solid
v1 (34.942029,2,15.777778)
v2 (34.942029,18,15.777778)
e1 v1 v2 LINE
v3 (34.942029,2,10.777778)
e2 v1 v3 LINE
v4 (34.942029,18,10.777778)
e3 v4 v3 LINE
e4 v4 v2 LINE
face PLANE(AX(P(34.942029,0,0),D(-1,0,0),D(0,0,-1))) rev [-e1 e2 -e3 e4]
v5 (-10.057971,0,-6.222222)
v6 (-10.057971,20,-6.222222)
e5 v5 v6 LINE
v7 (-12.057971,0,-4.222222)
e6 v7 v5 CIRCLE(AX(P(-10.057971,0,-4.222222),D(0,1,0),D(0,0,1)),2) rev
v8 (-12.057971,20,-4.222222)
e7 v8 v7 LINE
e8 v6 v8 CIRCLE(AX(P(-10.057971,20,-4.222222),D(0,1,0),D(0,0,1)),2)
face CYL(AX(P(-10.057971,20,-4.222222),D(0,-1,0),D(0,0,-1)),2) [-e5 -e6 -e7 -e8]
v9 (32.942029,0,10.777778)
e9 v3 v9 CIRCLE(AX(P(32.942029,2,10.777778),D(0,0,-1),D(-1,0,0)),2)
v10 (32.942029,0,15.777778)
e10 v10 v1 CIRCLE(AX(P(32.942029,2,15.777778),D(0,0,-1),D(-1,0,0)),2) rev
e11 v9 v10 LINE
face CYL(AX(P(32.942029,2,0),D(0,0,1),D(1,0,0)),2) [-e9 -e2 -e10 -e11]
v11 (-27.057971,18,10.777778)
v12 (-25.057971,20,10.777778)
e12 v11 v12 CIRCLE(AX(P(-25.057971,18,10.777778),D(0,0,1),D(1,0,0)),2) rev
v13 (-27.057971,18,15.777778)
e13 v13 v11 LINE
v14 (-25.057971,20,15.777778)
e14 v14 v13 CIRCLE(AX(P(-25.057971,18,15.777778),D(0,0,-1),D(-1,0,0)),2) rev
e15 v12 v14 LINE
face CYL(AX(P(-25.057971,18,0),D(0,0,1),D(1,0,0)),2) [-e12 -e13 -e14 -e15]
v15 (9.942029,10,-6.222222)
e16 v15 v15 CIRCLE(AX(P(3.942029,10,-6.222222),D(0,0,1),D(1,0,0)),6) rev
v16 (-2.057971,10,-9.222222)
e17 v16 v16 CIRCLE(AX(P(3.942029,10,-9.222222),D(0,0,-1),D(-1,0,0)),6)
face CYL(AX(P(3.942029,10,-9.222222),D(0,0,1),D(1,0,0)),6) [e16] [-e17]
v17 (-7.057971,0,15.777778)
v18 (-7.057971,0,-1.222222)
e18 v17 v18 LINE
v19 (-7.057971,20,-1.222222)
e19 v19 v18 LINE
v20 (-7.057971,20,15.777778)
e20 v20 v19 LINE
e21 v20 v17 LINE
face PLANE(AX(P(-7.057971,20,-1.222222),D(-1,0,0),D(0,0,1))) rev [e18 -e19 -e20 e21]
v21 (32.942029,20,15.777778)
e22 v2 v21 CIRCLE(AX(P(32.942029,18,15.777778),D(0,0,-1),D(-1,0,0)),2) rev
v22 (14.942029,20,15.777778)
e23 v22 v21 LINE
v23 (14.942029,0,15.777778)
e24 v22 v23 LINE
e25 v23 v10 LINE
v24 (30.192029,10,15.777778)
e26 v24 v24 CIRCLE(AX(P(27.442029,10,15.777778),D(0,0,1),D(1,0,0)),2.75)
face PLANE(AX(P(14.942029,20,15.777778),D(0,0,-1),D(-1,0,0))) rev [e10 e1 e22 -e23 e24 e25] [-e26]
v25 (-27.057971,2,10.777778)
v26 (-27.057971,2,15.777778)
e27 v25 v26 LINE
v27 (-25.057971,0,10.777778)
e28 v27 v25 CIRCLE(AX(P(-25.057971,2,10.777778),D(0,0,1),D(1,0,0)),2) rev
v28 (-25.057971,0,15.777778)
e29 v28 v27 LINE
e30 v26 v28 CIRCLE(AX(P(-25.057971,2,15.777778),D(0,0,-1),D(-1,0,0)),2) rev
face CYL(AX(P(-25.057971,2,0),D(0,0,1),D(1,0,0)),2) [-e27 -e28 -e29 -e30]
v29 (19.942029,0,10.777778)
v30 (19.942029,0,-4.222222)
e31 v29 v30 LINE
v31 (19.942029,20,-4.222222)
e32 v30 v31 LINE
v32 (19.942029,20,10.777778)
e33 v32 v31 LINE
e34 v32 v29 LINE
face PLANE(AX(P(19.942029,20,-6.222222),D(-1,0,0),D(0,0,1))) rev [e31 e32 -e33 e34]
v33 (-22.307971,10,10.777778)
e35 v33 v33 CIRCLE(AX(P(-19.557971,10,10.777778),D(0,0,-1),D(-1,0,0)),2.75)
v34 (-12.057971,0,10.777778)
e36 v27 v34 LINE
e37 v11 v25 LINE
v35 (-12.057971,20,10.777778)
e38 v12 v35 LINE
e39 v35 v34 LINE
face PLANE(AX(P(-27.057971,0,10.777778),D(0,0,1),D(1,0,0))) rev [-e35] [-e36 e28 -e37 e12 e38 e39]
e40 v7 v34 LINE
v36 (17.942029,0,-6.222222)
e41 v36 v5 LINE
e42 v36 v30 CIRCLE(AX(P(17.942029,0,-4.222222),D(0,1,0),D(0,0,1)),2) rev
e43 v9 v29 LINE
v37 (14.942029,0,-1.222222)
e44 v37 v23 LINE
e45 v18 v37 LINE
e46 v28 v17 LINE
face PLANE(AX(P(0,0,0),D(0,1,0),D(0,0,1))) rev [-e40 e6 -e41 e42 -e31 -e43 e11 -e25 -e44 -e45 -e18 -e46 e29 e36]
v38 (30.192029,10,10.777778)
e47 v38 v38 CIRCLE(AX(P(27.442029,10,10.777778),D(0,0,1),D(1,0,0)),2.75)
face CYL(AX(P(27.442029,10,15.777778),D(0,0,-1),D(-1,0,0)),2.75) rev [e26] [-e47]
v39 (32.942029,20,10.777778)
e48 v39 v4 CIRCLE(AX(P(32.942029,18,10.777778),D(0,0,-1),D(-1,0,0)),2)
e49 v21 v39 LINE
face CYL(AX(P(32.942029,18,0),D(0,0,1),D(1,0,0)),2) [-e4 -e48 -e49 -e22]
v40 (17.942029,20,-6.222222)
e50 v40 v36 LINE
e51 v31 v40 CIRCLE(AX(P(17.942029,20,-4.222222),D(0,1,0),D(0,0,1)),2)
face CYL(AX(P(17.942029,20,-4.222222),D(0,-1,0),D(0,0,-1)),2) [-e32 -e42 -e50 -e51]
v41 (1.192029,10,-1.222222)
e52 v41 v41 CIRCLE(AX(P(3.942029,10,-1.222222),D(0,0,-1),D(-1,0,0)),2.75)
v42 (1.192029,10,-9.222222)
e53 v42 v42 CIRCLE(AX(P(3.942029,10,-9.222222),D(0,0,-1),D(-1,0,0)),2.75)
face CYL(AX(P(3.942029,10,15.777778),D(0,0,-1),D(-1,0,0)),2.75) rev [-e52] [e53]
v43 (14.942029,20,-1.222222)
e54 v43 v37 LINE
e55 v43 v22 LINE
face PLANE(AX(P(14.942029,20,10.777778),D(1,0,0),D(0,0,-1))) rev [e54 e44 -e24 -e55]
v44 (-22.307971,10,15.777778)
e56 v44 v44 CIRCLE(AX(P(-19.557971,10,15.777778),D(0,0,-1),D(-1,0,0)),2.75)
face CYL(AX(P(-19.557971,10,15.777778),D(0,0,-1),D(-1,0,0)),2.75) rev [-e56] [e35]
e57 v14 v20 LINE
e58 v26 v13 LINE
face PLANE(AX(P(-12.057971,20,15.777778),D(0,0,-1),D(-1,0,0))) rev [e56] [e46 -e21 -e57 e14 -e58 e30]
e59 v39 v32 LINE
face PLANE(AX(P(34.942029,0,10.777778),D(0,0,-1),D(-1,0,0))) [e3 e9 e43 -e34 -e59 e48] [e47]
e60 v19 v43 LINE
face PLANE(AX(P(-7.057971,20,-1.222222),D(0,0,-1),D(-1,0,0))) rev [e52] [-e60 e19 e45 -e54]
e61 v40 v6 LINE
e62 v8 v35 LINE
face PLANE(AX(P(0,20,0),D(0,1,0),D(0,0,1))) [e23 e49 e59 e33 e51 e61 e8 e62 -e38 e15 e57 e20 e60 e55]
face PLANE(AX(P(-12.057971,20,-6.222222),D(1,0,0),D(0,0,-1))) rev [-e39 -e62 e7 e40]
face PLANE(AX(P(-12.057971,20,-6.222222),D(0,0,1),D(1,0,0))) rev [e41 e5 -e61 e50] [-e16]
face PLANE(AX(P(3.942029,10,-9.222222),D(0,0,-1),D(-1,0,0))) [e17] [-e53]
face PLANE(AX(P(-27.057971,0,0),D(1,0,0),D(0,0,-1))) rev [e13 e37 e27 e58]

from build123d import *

# Parameters (mm, degrees)
EXTRUDE_1_DEPTH     = 20
SKETCH_2_R          = 2.75
CUT_EXTRUDE_1_DEPTH = 36.800621783
SKETCH_3_W          = 5
SKETCH_3_H          = 20
EXTRUDE_2_DEPTH     = 15
SKETCH_4_R          = 2.75
CUT_EXTRUDE_2_DEPTH = 38.697928264
FILLET_1_R          = 2
EXTRUDE_START       = 3
SKETCH_5_R          = 6
SKETCH_5_R_2        = 2.75
EXTRUDE_4_DEPTH     = 3


with BuildPart() as part:
    # 草图1 → 凸台-拉伸1 (new body)
    with BuildSketch(Plane(origin=(0, 0, 0), x_dir=(1, 0, 0), z_dir=(0, 1, 0))):
        Polygon((-12.057971014, 6.222222222), (19.942028986, 6.222222222), (19.942028986, -15.777777778), (14.942028986, -15.777777778), (14.942028986, -10.777777778), (14.942028986, 1.222222222), (-7.057971014, 1.222222222), (-7.057971014, -10.777777778), (-7.057971014, -15.777777778), (-12.057971014, -15.777777778), align=None)
    extrude(amount=EXTRUDE_1_DEPTH)

    # 草图2 → 切除-拉伸1 (cut, through all)
    with BuildSketch(Plane(origin=(0, 0, -6.222222222), x_dir=(-1, 0, 0), z_dir=(0, 0, -1))):
        with Locations((-3.942028986, 10)):
            Circle(SKETCH_2_R)
    extrude(amount=-CUT_EXTRUDE_1_DEPTH, mode=Mode.SUBTRACT)

    # 草图3 → 凸台-拉伸2 (add)
    with BuildSketch(Plane.ZY.offset(12.057971014)):
        with Locations((13.277777778, 10)):
            Rectangle(SKETCH_3_W, SKETCH_3_H)
    extrude_2 = extrude(amount=EXTRUDE_2_DEPTH)

    # 草图4 → 切除-拉伸2 (cut, through all)
    with BuildSketch(Plane(origin=(0, 0, 10.777777778), x_dir=(-1, 0, 0), z_dir=(0, 0, -1))):
        with Locations((19.557971014, 10)):
            Circle(SKETCH_4_R)
    cut_extrude_2 = extrude(amount=-CUT_EXTRUDE_2_DEPTH, mode=Mode.SUBTRACT)

    # 镜向5: 凸台-拉伸2, 切除-拉伸2 across plane
    add(extrude_2.mirror(Plane.ZY.offset(-3.942028986)))
    add(cut_extrude_2.mirror(Plane.ZY.offset(-3.942028986)), mode=Mode.SUBTRACT)

    # 圆角1
    fillet_1_edges = [part.edges().sort_by_distance(p)[0] for p in [
        (-12.057971014, 10, -6.222222222),
        (19.942028986, 10, -6.222222222),
        (-27.057971014, 0, 13.277777778),
        (-27.057971014, 20, 13.277777778),
        (34.942028986, 0, 13.277777778),
        (34.942028986, 20, 13.277777778),
    ]]
    fillet(fillet_1_edges, radius=FILLET_1_R)

    # 草图5 → 凸台-拉伸4 (add)
    with BuildSketch(Plane(origin=(0, 0, -6.222222222), x_dir=(-1, 0, 0), z_dir=(0, 0, -1)).offset(EXTRUDE_START)):
        with Locations(Location((-3.942028986, 10, 0), (0, 0, 180))):
            Circle(SKETCH_5_R)
        with Locations((-3.942028986, 10)):
            Circle(SKETCH_5_R_2, mode=Mode.SUBTRACT)
    extrude(amount=-EXTRUDE_4_DEPTH)


solid = part.part
